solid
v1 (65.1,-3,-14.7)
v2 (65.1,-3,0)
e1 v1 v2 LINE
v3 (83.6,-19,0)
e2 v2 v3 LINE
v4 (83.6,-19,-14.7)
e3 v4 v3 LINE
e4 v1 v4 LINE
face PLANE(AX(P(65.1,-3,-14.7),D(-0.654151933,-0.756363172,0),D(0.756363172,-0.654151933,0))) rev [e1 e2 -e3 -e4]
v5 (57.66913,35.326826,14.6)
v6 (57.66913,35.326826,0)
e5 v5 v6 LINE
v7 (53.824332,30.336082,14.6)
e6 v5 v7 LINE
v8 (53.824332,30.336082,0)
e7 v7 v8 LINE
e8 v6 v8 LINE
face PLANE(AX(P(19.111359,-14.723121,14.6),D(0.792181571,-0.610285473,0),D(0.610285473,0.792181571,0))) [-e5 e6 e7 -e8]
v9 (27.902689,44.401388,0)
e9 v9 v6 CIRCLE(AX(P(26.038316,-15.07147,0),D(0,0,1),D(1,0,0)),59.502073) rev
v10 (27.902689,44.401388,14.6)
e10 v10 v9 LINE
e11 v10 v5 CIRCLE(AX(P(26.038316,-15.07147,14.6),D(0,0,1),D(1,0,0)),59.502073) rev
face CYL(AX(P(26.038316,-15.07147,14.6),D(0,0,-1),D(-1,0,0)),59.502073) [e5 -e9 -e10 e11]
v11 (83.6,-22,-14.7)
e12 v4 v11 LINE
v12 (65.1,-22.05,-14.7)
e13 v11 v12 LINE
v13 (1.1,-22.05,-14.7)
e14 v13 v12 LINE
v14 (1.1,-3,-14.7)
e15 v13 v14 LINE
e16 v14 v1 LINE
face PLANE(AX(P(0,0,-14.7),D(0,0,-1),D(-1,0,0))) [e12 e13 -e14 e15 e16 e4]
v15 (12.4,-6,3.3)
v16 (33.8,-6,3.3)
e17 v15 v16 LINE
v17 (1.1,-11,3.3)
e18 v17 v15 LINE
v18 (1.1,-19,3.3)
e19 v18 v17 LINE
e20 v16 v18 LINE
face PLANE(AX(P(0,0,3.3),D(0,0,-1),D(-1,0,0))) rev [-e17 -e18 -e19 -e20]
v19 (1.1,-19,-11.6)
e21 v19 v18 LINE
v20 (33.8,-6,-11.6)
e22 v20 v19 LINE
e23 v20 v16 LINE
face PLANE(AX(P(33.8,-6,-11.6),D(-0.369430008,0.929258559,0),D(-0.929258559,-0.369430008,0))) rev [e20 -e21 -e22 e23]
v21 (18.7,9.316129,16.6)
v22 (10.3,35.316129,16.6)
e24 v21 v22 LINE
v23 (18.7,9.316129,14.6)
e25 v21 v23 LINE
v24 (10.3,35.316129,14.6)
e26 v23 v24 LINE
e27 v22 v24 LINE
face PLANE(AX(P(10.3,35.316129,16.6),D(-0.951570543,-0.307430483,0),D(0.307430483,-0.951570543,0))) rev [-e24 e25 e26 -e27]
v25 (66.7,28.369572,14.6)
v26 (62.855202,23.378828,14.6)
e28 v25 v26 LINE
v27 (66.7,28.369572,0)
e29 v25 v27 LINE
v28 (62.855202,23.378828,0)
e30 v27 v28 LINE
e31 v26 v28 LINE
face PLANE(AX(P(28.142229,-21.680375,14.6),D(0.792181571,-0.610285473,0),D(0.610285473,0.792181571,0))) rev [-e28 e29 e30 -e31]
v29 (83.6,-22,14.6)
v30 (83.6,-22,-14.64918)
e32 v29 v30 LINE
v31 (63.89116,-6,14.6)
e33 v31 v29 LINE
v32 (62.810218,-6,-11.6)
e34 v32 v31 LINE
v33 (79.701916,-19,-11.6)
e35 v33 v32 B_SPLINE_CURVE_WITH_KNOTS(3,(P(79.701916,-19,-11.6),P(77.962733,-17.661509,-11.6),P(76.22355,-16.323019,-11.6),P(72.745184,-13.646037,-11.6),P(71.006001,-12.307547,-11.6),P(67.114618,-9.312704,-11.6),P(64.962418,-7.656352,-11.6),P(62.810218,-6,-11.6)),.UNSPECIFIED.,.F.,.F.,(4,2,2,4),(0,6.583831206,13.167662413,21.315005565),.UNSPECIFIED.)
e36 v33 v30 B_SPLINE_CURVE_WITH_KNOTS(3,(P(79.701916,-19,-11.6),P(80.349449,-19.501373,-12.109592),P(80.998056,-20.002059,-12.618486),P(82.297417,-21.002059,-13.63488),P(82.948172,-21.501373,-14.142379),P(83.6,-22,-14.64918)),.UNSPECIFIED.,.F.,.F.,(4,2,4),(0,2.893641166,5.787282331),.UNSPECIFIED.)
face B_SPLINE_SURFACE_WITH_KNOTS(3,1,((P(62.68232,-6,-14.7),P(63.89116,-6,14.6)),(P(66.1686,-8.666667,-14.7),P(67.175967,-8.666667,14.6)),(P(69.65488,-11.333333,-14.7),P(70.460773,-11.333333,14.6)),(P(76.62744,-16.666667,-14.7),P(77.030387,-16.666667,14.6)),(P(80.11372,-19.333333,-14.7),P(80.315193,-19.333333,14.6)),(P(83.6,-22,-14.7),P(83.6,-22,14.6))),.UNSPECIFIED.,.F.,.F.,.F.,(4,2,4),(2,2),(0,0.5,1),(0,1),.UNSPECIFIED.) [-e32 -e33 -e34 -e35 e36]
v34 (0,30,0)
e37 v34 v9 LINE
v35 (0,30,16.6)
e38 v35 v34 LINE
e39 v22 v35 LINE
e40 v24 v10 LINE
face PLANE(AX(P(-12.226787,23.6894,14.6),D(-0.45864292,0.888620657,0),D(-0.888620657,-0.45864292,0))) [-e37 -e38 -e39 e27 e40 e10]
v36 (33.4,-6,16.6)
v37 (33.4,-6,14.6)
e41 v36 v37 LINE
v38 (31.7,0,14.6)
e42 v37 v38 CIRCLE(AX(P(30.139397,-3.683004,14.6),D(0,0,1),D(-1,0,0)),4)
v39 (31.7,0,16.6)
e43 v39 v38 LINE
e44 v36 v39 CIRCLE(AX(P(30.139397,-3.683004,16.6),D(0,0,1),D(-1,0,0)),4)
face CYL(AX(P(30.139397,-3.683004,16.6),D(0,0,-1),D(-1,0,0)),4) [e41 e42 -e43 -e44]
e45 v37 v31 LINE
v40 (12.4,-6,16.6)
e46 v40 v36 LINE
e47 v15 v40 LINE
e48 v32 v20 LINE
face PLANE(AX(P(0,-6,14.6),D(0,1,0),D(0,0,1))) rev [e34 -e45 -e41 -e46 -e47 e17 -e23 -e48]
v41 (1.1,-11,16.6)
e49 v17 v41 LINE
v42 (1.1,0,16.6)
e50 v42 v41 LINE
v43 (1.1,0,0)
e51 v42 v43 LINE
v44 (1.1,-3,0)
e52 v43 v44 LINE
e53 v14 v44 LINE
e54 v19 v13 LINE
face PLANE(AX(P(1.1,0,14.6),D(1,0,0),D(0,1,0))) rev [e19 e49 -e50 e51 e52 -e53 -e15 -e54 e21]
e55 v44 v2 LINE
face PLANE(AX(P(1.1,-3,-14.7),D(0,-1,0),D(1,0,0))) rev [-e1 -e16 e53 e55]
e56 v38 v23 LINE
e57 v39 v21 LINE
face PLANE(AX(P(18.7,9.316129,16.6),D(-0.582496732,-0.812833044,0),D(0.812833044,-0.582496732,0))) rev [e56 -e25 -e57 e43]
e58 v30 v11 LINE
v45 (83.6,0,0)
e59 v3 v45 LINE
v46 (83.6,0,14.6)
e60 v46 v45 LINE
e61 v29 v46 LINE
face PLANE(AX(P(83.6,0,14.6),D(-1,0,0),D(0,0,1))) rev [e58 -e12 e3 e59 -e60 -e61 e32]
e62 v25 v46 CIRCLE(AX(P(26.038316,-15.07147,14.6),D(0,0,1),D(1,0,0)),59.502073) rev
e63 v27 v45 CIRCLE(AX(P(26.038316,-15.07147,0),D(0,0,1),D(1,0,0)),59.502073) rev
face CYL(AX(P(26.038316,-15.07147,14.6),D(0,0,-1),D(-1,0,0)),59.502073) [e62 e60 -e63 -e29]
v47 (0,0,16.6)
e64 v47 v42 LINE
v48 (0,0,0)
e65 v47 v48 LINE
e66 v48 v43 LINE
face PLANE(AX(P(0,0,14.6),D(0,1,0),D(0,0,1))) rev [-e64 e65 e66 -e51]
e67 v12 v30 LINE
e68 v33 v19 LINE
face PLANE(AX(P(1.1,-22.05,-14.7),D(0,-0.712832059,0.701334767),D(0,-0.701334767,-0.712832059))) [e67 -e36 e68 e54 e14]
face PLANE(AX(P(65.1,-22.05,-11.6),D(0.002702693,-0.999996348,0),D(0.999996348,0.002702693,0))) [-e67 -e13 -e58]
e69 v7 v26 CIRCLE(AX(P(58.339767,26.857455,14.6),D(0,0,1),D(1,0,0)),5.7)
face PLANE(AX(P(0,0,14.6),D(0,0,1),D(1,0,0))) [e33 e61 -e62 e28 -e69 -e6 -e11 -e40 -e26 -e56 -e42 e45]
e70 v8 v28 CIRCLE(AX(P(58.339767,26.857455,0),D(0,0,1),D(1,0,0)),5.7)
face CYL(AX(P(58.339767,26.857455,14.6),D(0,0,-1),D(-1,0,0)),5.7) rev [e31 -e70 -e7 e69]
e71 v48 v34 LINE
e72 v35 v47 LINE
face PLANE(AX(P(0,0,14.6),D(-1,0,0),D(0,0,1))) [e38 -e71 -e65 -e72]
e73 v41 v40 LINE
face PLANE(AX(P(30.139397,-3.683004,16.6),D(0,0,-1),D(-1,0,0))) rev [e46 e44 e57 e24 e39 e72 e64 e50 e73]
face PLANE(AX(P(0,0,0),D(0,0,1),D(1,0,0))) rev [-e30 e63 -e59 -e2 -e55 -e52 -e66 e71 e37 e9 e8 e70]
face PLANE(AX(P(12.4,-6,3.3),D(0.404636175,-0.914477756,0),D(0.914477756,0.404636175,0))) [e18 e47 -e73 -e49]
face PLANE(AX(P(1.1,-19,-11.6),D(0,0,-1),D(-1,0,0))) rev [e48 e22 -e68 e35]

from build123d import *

# Parameters (mm, degrees)
ESTRUSIONE_ESTRUSIONE1_DEPTH  = 14.6
SCHIZZO2_W                    = 64
SCHIZZO2_H                    = 3
ESTRUSIONE_ESTRUSIONE2_DEPTH  = 14.7
ESTRUSIONE_ESTRUSIONE3_DEPTH  = 11.3
ESTRUSIONE_ESTRUSIONE4_DEPTH  = 14.9
SCHIZZO6_W                    = 64
SCHIZZO6_H                    = 3.1
ESTRUSIONE_ESTRUSIONE5_DEPTH  = 13
ESTRUSIONE_ESTRUSIONE8_START  = -64
ESTRUSIONE_ESTRUSIONE8_DEPTH  = 64
ESTRUSIONE_ESTRUSIONE9_DEPTH  = 14.6
ESTRUSIONE_ESTRUSIONE13_DEPTH = 14.7
ESTRUSIONE_ESTRUSIONE14_START = -3.1
ESTRUSIONE_ESTRUSIONE14_DEPTH = 3.1
TAGLIO_ESTRUSIONE3_DEPTH      = 15
TAGLIO_ESTRUSIONE4_REACH      = 94.756
ESTRUSIONE_ESTRUSIONE15_DEPTH = 2


with BuildPart() as part:
    # Schizzo1 → Estrusione-Estrusione1 (new body)
    with BuildSketch(Plane.XY):
        with BuildLine():
            Line((0, 30), (0, 0))
            Line((0, 0), (1.1, 0))
            Line((1.1, 0), (1.1, -6))
            Line((1.1, -6), (83.6, -6))
            Line((83.6, -6), (83.6, 0))
            ThreePointArc((83.6, 0), (77.157447993, 15.380640119), (66.7, 28.36957188))
            Line((66.7, 28.36957188), (62.855201518, 23.378827984))
            ThreePointArc((62.855201518, 23.378827984), (54.861139367, 22.342020228), (53.824331611, 30.336082379))
            Line((53.824331611, 30.336082379), (57.669130093, 35.326826275))
            ThreePointArc((57.669130093, 35.326826275), (43.389650216, 41.844502061), (27.902688632, 44.401387681))
            Line((27.902688632, 44.401387681), (0, 30))
        make_face()
    extrude(amount=ESTRUSIONE_ESTRUSIONE1_DEPTH)

    # Schizzo2 → Estrusione-Estrusione2 (add)
    with BuildSketch(Plane(origin=(0, 0, 0), x_dir=(-1, 0, 0), z_dir=(0, 0, -1))):
        with Locations((-33.1, -4.5)):
            Rectangle(SCHIZZO2_W, SCHIZZO2_H)
    extrude(amount=ESTRUSIONE_ESTRUSIONE2_DEPTH)

    # Schizzo4 → Estrusione-Estrusione3 (add)
    with BuildSketch(Plane.XY.offset(14.6)):
        Polygon((1.1, -6), (12.4, -6), (1.1, -11), align=None)
    extrude(amount=-ESTRUSIONE_ESTRUSIONE3_DEPTH)

    # Schizzo5 → Estrusione-Estrusione4 (add)
    with BuildSketch(Plane(origin=(0, 0, 3.3), x_dir=(-1, 0, 0), z_dir=(0, 0, -1))):
        Polygon((-1.1, -6), (-33.8, -6), (-1.1, -19), align=None)
    extrude(amount=ESTRUSIONE_ESTRUSIONE4_DEPTH)

    # Schizzo6 → Estrusione-Estrusione5 (add)
    with BuildSketch(Plane.XZ.offset(6)):
        with Locations((33.1, -13.15)):
            Rectangle(SCHIZZO6_W, SCHIZZO6_H)
    extrude(amount=ESTRUSIONE_ESTRUSIONE5_DEPTH)

    # Schizzo7 → Estrusione-Estrusione8 (add)
    with BuildSketch(Plane(origin=(65.1, 0, 0), x_dir=(0, 0, -1), z_dir=(1, 0, 0)).offset(ESTRUSIONE_ESTRUSIONE8_START)):
        Polygon((14.7, -19), (14.7, -22.05), (11.6, -19), align=None)
    extrude(amount=ESTRUSIONE_ESTRUSIONE8_DEPTH)

    # Schizzo9 → Estrusione-Estrusione9 (add)
    with BuildSketch(Plane.XY):
        Polygon((83.6, -6), (65.1, -6), (83.6, -22), align=None)
    extrude(amount=ESTRUSIONE_ESTRUSIONE9_DEPTH)

    # Schizzo16 → Estrusione-Estrusione13 (add)
    with BuildSketch(Plane(origin=(0, 0, 0), x_dir=(-1, 0, 0), z_dir=(0, 0, -1))):
        Polygon((-65.1, -3), (-83.6, -19), (-83.6, -22), (-65.1, -6), align=None)
    extrude(amount=ESTRUSIONE_ESTRUSIONE13_DEPTH)

    # Schizzo17 → Estrusione-Estrusione14 (add)
    with BuildSketch(Plane(origin=(0, 0, -14.7), x_dir=(-1, 0, 0), z_dir=(0, 0, -1)).offset(ESTRUSIONE_ESTRUSIONE14_START)):
        Polygon((-65.1, -6), (-65.1, -22.05), (-83.6, -22), align=None)
    extrude(amount=ESTRUSIONE_ESTRUSIONE14_DEPTH)

    # Schizzo18 → Taglio-Estrusione3 (cut)
    with BuildSketch(Plane.ZY.offset(-65.1)):
        Polygon((-11.6, -22.05), (-11.6, -19), (-14.7, -22.05), align=None)
    extrude(amount=-TAGLIO_ESTRUSIONE3_DEPTH, mode=Mode.SUBTRACT)

    # Taglio-Estrusione4: up to this face of the body (flat: up to its plane)
    taglio_estrusione4_end = Plane(part.part.faces().sort_by_distance((74.35, -14, 1.5))[0])
    # Schizzo20 → Taglio-Estrusione4 (cut, up to the picked face)
    with BuildSketch(Plane.ZY.offset(-80.1), mode=Mode.PRIVATE) as taglio_estrusione4_sk1:
        Polygon((-11.6, -22.009459459), (-11.6, -19), (-14.65879486, -22.009459459), align=None)
    taglio_estrusione4_tool1 = split(extrude(taglio_estrusione4_sk1.sketch, amount=-TAGLIO_ESTRUSIONE4_REACH, mode=Mode.PRIVATE), bisect_by=taglio_estrusione4_end, keep=Keep.BOTH, mode=Mode.PRIVATE)
    add(taglio_estrusione4_tool1.solids().sort_by(Axis((80.1, -21.006306, -12.619598), (1, 0, 0)))[0], mode=Mode.SUBTRACT)

    # Schizzo22 → Loft3 section 0
    with BuildSketch(Plane(origin=(0, 0, -14.7), x_dir=(-1, 0, 0), z_dir=(0, 0, -1))):
        with BuildLine():
            Line((-65.1, -6), (-62.68232007, -6))
            Line((-62.68232007, -6), (-83.6, -22))
            Line((-83.6, -22), (-65.1, -6))
        make_face()
    # Schizzo23 → Loft3 section 1
    with BuildSketch(Plane.XY.offset(14.6)):
        with BuildLine():
            Line((65.1, -6), (83.6, -22))
            Line((83.6, -22), (63.891160035, -6))
            Line((63.891160035, -6), (65.1, -6))
        make_face()
    loft()

    # Schizzo19 → Estrusione-Estrusione15 (add)
    with BuildSketch(Plane.XY.offset(14.6)):
        with BuildLine():
            Line((0, 30), (10.3, 35.316129032))
            Line((10.3, 35.316129032), (18.7, 9.316129032))
            Line((18.7, 9.316129032), (31.7, 0))
            ThreePointArc((31.7, 0), (33.987904201, -2.59259381), (33.4, -6))
            Line((33.4, -6), (12.4, -6))
            Line((12.4, -6), (1.1, -11))
            Line((1.1, -11), (1.1, 0))
            Line((1.1, 0), (0, 0))
            Line((0, 0), (0, 30))
        make_face()
    extrude(amount=ESTRUSIONE_ESTRUSIONE15_DEPTH)


solid = part.part
